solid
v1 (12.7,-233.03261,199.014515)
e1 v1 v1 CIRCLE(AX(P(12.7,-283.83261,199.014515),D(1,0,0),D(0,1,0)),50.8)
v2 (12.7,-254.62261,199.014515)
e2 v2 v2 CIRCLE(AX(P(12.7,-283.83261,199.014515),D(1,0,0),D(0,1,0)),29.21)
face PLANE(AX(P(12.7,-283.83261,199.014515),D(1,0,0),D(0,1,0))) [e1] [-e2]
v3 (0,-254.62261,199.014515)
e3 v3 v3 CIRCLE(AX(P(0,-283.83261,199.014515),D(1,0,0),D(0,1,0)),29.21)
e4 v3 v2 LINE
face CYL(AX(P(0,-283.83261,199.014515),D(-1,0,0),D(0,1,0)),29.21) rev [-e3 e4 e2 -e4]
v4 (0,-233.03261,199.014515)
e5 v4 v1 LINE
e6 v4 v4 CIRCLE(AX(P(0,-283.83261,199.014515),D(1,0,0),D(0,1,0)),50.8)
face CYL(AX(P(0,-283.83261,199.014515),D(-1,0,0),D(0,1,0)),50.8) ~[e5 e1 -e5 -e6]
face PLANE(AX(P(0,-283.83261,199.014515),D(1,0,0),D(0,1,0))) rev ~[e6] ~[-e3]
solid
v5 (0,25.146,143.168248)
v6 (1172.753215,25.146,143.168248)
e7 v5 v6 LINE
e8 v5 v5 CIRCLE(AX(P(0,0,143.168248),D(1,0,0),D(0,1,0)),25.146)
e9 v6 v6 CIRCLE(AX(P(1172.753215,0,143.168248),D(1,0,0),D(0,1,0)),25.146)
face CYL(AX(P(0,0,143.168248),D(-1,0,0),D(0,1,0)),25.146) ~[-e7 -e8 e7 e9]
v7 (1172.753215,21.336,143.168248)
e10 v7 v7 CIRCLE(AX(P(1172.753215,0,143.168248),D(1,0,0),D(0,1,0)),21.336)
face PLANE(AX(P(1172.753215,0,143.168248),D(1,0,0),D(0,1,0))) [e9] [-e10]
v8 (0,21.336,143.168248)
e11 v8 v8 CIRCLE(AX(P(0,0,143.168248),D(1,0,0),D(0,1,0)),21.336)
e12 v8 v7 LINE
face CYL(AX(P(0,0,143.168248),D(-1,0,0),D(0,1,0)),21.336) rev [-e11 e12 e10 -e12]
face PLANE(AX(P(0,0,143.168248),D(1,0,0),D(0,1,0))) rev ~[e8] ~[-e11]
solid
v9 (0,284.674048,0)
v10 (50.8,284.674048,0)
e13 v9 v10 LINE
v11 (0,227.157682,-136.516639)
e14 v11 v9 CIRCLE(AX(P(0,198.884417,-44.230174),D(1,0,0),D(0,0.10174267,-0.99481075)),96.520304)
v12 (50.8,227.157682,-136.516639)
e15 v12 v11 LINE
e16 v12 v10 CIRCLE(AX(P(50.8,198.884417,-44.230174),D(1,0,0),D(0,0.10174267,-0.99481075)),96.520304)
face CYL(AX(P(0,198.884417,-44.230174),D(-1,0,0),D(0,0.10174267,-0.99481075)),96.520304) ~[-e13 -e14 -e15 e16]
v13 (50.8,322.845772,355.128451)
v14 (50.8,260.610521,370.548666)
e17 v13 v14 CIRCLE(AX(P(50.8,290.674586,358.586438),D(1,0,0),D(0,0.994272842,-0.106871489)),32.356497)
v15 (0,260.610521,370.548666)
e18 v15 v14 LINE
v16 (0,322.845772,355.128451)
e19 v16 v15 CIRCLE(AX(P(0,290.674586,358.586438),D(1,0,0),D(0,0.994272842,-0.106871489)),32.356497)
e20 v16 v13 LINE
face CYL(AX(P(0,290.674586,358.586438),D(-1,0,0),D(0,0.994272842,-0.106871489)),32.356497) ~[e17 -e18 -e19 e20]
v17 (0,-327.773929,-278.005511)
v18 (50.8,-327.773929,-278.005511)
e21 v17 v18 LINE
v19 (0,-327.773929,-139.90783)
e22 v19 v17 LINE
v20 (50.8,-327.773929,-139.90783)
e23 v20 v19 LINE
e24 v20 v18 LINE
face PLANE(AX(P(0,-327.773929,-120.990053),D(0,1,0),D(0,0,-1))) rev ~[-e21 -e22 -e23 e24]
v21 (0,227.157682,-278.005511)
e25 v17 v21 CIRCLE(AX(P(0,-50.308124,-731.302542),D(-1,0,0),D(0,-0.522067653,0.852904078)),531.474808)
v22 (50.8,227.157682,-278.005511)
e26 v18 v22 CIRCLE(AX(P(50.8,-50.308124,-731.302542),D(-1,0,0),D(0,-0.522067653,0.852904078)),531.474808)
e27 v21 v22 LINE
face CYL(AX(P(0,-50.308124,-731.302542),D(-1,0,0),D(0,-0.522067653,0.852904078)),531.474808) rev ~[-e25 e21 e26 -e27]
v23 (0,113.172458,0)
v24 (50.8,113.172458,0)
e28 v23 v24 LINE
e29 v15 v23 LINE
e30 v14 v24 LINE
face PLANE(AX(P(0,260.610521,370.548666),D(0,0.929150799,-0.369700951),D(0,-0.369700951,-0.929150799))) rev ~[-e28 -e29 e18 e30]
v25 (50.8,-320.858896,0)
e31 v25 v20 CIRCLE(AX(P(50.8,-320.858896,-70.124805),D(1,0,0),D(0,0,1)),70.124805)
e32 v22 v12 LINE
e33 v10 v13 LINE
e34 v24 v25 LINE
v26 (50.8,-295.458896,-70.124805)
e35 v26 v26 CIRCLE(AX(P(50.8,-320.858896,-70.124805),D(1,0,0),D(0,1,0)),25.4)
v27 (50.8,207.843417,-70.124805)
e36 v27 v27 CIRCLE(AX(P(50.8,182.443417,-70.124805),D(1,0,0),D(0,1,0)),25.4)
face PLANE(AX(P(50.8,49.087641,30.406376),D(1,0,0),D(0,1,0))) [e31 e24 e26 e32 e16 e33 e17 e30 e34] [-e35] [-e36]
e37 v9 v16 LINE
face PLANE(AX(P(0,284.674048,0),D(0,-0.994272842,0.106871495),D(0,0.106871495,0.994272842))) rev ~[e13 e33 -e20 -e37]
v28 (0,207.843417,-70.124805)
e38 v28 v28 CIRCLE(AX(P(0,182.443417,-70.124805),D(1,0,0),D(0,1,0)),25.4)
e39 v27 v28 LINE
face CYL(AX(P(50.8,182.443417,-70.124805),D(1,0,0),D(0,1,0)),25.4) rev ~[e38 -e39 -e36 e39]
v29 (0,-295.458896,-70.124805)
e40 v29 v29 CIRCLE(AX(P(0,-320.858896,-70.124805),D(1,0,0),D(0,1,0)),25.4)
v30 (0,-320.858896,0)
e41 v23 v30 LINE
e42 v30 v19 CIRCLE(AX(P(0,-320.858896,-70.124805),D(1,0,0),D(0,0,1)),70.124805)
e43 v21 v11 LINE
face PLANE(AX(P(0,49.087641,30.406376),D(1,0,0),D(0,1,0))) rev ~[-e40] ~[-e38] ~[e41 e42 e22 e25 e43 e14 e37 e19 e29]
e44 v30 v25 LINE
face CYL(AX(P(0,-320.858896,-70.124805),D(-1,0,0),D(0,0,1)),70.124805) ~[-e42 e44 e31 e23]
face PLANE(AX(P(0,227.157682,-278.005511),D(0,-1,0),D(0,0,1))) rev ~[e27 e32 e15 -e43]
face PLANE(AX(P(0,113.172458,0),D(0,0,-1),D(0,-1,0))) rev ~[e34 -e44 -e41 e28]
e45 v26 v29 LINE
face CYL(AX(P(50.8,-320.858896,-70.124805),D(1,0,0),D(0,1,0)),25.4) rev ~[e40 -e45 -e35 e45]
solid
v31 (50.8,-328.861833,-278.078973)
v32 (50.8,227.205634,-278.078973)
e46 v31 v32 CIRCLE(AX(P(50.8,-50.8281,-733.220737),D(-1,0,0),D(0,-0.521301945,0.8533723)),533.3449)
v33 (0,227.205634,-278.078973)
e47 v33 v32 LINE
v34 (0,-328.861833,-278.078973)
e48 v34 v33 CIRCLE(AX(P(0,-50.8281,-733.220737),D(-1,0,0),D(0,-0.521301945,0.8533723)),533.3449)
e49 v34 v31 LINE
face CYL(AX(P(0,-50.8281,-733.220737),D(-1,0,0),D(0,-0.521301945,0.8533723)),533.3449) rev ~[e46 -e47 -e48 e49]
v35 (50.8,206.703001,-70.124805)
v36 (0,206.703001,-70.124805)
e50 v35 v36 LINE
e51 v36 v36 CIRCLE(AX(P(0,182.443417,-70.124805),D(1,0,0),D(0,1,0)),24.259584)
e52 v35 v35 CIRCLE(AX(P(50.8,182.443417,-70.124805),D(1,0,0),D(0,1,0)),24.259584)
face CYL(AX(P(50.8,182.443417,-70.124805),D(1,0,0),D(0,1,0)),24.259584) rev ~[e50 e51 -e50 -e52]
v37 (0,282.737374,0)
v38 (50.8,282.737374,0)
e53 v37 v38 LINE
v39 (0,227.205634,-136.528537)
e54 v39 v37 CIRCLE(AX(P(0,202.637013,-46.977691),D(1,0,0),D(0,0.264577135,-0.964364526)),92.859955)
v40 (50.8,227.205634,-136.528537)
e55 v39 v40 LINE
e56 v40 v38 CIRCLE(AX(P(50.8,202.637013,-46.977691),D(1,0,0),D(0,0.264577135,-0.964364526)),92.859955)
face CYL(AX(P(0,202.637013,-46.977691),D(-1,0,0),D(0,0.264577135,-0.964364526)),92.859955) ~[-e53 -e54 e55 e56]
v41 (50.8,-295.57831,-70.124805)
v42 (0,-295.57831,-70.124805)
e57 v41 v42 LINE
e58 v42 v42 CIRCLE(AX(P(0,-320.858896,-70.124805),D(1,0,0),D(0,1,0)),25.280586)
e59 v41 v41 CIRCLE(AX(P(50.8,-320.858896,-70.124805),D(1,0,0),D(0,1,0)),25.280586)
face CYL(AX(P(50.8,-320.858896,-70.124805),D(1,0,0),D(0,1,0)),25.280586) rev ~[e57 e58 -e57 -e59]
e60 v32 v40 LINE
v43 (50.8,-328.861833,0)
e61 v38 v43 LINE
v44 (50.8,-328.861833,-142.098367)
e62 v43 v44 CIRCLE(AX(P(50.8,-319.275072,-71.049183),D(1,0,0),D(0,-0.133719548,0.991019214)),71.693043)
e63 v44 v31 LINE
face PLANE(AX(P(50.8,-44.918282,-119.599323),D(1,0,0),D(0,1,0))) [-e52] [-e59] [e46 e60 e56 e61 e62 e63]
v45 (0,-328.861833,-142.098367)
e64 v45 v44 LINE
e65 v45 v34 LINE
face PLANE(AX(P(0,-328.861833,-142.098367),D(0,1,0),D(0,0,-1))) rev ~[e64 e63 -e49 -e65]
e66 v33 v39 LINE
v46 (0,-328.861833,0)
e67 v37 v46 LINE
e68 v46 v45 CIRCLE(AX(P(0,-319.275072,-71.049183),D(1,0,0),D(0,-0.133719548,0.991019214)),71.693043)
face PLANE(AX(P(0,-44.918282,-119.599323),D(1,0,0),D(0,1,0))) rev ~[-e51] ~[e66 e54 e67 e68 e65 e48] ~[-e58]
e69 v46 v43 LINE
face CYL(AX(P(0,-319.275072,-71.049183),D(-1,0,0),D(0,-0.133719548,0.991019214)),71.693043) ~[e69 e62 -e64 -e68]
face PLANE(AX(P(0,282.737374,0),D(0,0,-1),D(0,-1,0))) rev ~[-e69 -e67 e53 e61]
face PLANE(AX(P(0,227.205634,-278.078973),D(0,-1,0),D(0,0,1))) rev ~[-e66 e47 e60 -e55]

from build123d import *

# Parameters (mm, degrees)
F1_DEPTH  = 50.8
F3_DEPTH  = 50.8
F4_R      = 25.4
F5_DEPTH  = 50.801
F6_R      = 50.8
F6_R_2    = 29.21
F7_DEPTH  = 12.7
F8_R      = 25.146
F8_R_2    = 21.336
F9_DEPTH  = 1172.753215
F11_DEPTH = 50.8
F12_R     = 25.280586
F12_R_2   = 24.259584
F13_DEPTH = 50.801


with BuildPart() as f1:
    # F0 (on Right) → F1 (new body)
    with BuildSketch(Plane.YZ):
        with BuildLine():
            Line((113.172458, 0), (0, 0))
            Line((0, 0), (-320.858896, 0))
            ThreePointArc((-320.858896, 0), (-390.983701, -70.124805), (-320.858896, -140.24961))
            Line((-320.858896, -140.24961), (208.70465, -140.24961))
            ThreePointArc((208.70465, -140.24961), (283.753727, -90.20157), (284.674048, 0))
            Line((284.674048, 0), (322.845772, 355.128451))
            ThreePointArc((322.845772, 355.128451), (298.456343, 389.993239), (260.610521, 370.548666))
            Line((260.610521, 370.548666), (113.172458, 0))
        make_face()
    extrude(amount=F1_DEPTH)

    # F2 (on Right) → F3 (join)
    with BuildSketch(Plane.YZ):
        with BuildLine():
            Line((-327.773929, -120.990053), (-327.773929, -142.130882))
            Line((-327.773929, -142.130882), (-327.773929, -278.005511))
            ThreePointArc((-327.773929, -278.005511), (-50.308123, -199.827734), (227.157682, -278.005511))
            Line((227.157682, -278.005511), (227.157682, -120.990053))
            Line((227.157682, -120.990053), (-327.773929, -120.990053))
        make_face()
    extrude(amount=F3_DEPTH)

    # F4 (on face) → F5 (cut, through all)
    with BuildSketch(Plane.YZ.offset(50.8)):
        with Locations((-320.858896, -70.124805)):
            Circle(F4_R)
        with Locations((182.443417, -70.124805)):
            Circle(F4_R)
    extrude(amount=-F5_DEPTH, mode=Mode.SUBTRACT)


with BuildPart() as f7:
    # F6 (on Right) → F7 (new body)
    with BuildSketch(Plane.YZ):
        with Locations((-283.83261, 199.014515)):
            Circle(F6_R)
        with Locations((-283.83261, 199.014515)):
            Circle(F6_R_2, mode=Mode.SUBTRACT)
    extrude(amount=F7_DEPTH)


with BuildPart() as f9:
    # F8 (on Right) → F9 (new body)
    with BuildSketch(Plane.YZ):
        with Locations((0, 143.168248)):
            Circle(F8_R)
        with Locations((0, 143.168248)):
            Circle(F8_R_2, mode=Mode.SUBTRACT)
    extrude(amount=F9_DEPTH)


with BuildPart() as f11:
    # F10 (on Right) → F11 (new body)
    with BuildSketch(Plane.YZ):
        with BuildLine():
            Line((282.737374, 0), (0, 0))
            Line((0, 0), (-328.861833, 0))
            ThreePointArc((-328.861833, 0), (-390.968115, -71.049184), (-328.861833, -142.098367))
            Line((-328.861833, -142.098367), (-328.861833, -278.078973))
            ThreePointArc((-328.861833, -278.078973), (-50.828099, -199.875837), (227.205634, -278.078973))
            Line((227.205634, -278.078973), (227.205634, -136.528537))
            ThreePointArc((227.205634, -136.528537), (288.653926, -81.964287), (282.737374, 0))
        make_face()
    extrude(amount=F11_DEPTH)

    # F12 (on face) → F13 (cut, through all)
    with BuildSketch(Plane.YZ.offset(50.8)):
        with Locations((-320.858896, -70.124805)):
            Circle(F12_R)
        with Locations((182.443417, -70.124805)):
            Circle(F12_R_2)
    extrude(amount=-F13_DEPTH, mode=Mode.SUBTRACT)


solid = Compound([f1.part, f7.part, f9.part, f11.part])
